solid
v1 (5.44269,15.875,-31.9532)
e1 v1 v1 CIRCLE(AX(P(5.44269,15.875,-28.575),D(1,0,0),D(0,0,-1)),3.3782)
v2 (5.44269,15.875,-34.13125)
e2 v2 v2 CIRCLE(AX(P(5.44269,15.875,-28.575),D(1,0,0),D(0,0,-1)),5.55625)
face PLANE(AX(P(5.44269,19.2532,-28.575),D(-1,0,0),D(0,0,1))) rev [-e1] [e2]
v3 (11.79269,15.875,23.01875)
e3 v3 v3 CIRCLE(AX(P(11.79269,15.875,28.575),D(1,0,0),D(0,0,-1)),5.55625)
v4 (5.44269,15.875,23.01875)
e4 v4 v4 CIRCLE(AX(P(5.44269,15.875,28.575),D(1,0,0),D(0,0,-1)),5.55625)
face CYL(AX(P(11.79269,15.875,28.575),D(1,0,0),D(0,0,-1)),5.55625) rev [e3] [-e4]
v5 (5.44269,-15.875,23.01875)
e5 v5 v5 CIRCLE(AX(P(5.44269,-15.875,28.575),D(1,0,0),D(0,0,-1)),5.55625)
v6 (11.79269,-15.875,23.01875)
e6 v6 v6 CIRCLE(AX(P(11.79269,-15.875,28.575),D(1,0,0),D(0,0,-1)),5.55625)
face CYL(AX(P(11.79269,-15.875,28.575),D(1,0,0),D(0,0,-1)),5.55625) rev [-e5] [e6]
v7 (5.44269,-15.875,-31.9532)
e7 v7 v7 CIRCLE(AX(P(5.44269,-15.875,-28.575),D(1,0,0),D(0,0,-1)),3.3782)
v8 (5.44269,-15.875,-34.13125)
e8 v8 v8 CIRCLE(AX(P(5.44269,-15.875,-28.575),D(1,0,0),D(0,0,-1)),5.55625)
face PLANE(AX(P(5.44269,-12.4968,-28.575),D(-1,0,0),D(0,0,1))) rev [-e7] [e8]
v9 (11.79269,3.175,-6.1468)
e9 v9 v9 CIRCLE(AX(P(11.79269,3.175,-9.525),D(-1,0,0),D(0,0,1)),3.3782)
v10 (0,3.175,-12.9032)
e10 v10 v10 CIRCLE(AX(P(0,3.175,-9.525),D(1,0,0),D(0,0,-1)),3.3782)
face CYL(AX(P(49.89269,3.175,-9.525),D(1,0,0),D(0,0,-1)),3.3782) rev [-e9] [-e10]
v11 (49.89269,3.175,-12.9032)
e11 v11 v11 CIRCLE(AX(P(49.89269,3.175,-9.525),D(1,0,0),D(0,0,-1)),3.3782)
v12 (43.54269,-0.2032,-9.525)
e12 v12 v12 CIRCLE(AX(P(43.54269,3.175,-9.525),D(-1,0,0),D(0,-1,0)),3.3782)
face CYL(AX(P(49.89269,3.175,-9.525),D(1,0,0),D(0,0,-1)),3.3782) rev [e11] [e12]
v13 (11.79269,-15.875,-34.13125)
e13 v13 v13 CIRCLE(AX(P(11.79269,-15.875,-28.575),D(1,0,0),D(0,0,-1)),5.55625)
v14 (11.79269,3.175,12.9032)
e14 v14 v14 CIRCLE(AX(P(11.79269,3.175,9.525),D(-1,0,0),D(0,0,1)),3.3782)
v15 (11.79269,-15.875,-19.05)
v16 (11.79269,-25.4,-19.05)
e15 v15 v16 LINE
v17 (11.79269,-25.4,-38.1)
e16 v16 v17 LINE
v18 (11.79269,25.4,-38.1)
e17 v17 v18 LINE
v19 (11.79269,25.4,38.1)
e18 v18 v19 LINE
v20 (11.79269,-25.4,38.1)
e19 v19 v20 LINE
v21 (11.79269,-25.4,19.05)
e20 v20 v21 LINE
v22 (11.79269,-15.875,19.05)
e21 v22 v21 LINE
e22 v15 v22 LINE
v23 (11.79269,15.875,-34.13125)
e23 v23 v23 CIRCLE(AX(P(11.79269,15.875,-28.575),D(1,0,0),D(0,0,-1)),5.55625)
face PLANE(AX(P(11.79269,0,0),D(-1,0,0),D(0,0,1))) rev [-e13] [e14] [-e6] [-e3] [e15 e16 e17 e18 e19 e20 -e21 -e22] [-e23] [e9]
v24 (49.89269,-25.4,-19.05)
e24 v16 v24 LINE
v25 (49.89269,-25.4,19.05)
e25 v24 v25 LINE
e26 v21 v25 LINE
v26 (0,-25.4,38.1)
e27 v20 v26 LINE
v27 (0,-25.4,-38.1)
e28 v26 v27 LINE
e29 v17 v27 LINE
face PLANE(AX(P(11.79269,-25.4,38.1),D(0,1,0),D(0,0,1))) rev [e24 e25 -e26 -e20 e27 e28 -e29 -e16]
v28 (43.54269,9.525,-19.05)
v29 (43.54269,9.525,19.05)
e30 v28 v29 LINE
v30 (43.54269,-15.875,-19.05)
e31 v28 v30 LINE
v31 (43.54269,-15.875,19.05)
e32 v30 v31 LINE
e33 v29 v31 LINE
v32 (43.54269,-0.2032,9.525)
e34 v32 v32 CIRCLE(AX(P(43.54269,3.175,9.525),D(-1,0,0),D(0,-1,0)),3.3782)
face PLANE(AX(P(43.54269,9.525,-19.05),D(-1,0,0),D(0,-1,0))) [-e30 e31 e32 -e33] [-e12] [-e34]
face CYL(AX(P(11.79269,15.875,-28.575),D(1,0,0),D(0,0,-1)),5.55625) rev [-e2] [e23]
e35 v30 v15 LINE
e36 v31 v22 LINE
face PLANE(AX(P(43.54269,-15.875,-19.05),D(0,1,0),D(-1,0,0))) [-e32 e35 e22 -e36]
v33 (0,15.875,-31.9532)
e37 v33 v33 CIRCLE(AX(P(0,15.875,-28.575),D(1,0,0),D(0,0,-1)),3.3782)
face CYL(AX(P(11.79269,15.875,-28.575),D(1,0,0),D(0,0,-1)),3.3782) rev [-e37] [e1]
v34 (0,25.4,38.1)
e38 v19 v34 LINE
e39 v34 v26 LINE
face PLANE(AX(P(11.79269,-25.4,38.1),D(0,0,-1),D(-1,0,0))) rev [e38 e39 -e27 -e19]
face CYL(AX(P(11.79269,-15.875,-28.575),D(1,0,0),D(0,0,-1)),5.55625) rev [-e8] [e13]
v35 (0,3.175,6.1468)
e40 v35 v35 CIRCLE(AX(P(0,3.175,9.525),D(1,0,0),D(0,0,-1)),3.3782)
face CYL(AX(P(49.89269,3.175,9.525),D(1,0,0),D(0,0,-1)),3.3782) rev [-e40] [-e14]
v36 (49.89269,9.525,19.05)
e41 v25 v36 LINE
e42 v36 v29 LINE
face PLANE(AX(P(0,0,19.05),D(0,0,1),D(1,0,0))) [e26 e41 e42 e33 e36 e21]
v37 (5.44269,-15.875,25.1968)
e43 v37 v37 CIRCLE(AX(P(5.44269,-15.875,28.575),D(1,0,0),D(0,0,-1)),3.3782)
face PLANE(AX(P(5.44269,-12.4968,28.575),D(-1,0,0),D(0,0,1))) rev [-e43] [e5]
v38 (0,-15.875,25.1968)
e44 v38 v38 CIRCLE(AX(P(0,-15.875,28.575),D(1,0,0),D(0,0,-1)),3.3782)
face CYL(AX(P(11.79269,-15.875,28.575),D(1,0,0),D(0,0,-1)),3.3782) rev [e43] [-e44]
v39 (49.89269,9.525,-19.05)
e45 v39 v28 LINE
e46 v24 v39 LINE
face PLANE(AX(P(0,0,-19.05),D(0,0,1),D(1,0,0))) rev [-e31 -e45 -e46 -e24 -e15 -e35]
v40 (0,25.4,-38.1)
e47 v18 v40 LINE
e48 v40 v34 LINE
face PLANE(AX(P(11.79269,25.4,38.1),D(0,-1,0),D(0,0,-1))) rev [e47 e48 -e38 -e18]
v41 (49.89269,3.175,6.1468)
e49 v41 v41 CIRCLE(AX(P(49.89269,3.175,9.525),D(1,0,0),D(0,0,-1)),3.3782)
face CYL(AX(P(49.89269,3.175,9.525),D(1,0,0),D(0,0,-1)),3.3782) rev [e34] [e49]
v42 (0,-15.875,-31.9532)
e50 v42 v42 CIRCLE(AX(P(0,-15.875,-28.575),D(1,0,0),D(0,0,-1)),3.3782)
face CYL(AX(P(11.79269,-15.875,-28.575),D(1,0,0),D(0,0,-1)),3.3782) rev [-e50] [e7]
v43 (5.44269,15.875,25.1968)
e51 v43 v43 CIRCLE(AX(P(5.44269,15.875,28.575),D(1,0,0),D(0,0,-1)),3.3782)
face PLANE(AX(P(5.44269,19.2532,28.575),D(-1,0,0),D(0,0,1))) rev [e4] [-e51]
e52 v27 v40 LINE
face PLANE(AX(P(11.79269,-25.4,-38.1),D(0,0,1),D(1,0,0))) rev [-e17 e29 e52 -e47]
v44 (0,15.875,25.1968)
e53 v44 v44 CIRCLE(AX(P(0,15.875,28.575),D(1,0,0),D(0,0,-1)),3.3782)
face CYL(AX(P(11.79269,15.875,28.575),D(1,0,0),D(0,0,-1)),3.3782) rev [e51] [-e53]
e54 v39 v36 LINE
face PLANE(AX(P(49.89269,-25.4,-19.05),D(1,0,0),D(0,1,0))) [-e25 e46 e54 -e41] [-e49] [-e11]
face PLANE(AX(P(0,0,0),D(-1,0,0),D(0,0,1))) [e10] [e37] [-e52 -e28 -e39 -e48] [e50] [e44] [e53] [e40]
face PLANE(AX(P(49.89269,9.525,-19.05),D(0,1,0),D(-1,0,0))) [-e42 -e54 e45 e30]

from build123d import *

# Parameters (mm, degrees)
SKETCH1_W                                        = 76.2
SKETCH1_H                                        = 50.8
BOSS_EXTRUDE1_DEPTH                              = 11.79269038
BOSS_EXTRUDE2_START                              = -38.1
BOSS_EXTRUDE2_DEPTH                              = 19.05
F_1_4_CLEARANCE_HOLE2_D                          = 6.7564
CBORE_FOR_1_4_SOCKET_HEAD_CAP_SCREW1_D           = 6.7564
CBORE_FOR_1_4_SOCKET_HEAD_CAP_SCREW1_CBORE_D     = 11.1125
CBORE_FOR_1_4_SOCKET_HEAD_CAP_SCREW1_CBORE_DEPTH = 6.35


with BuildPart() as part:
    # Sketch1 → Boss-Extrude1 (new body)
    with BuildSketch(Plane(origin=(0, 0, 0), x_dir=(0, 0, -1), z_dir=(1, 0, 0))):
        Rectangle(SKETCH1_W, SKETCH1_H)
    extrude(amount=BOSS_EXTRUDE1_DEPTH)

    # Sketch7 → Boss-Extrude2 (add, symmetric)
    with BuildSketch(Plane.XY.offset(38.1).offset(BOSS_EXTRUDE2_START)):
        Polygon((11.79269038, -25.4), (49.89269038, -25.4), (49.89269038, 9.525), (43.54269038, 9.525), (43.54269038, -15.875), (11.79269038, -15.875), align=None)
    extrude(amount=BOSS_EXTRUDE2_DEPTH, both=True)

    # 1/4 Clearance Hole2 (through all)
    with Locations(Plane(origin=(49.89269038, 0, 0), x_dir=(0, 0, -1), z_dir=(1, 0, 0))):
        with Locations((-9.525, 3.175), (9.525, 3.175)):
            Hole(F_1_4_CLEARANCE_HOLE2_D / 2)

    # CBORE for 1/4 Socket Head Cap Screw1 (through all)
    with Locations(Plane(origin=(11.79269038, 0, 0), x_dir=(0, 0, -1), z_dir=(1, 0, 0))):
        with Locations((-28.575, 15.875), (28.575, 15.875), (28.575, -15.875), (-28.575, -15.875)):
            CounterBoreHole(CBORE_FOR_1_4_SOCKET_HEAD_CAP_SCREW1_D / 2, CBORE_FOR_1_4_SOCKET_HEAD_CAP_SCREW1_CBORE_D / 2, CBORE_FOR_1_4_SOCKET_HEAD_CAP_SCREW1_CBORE_DEPTH)


solid = part.part
